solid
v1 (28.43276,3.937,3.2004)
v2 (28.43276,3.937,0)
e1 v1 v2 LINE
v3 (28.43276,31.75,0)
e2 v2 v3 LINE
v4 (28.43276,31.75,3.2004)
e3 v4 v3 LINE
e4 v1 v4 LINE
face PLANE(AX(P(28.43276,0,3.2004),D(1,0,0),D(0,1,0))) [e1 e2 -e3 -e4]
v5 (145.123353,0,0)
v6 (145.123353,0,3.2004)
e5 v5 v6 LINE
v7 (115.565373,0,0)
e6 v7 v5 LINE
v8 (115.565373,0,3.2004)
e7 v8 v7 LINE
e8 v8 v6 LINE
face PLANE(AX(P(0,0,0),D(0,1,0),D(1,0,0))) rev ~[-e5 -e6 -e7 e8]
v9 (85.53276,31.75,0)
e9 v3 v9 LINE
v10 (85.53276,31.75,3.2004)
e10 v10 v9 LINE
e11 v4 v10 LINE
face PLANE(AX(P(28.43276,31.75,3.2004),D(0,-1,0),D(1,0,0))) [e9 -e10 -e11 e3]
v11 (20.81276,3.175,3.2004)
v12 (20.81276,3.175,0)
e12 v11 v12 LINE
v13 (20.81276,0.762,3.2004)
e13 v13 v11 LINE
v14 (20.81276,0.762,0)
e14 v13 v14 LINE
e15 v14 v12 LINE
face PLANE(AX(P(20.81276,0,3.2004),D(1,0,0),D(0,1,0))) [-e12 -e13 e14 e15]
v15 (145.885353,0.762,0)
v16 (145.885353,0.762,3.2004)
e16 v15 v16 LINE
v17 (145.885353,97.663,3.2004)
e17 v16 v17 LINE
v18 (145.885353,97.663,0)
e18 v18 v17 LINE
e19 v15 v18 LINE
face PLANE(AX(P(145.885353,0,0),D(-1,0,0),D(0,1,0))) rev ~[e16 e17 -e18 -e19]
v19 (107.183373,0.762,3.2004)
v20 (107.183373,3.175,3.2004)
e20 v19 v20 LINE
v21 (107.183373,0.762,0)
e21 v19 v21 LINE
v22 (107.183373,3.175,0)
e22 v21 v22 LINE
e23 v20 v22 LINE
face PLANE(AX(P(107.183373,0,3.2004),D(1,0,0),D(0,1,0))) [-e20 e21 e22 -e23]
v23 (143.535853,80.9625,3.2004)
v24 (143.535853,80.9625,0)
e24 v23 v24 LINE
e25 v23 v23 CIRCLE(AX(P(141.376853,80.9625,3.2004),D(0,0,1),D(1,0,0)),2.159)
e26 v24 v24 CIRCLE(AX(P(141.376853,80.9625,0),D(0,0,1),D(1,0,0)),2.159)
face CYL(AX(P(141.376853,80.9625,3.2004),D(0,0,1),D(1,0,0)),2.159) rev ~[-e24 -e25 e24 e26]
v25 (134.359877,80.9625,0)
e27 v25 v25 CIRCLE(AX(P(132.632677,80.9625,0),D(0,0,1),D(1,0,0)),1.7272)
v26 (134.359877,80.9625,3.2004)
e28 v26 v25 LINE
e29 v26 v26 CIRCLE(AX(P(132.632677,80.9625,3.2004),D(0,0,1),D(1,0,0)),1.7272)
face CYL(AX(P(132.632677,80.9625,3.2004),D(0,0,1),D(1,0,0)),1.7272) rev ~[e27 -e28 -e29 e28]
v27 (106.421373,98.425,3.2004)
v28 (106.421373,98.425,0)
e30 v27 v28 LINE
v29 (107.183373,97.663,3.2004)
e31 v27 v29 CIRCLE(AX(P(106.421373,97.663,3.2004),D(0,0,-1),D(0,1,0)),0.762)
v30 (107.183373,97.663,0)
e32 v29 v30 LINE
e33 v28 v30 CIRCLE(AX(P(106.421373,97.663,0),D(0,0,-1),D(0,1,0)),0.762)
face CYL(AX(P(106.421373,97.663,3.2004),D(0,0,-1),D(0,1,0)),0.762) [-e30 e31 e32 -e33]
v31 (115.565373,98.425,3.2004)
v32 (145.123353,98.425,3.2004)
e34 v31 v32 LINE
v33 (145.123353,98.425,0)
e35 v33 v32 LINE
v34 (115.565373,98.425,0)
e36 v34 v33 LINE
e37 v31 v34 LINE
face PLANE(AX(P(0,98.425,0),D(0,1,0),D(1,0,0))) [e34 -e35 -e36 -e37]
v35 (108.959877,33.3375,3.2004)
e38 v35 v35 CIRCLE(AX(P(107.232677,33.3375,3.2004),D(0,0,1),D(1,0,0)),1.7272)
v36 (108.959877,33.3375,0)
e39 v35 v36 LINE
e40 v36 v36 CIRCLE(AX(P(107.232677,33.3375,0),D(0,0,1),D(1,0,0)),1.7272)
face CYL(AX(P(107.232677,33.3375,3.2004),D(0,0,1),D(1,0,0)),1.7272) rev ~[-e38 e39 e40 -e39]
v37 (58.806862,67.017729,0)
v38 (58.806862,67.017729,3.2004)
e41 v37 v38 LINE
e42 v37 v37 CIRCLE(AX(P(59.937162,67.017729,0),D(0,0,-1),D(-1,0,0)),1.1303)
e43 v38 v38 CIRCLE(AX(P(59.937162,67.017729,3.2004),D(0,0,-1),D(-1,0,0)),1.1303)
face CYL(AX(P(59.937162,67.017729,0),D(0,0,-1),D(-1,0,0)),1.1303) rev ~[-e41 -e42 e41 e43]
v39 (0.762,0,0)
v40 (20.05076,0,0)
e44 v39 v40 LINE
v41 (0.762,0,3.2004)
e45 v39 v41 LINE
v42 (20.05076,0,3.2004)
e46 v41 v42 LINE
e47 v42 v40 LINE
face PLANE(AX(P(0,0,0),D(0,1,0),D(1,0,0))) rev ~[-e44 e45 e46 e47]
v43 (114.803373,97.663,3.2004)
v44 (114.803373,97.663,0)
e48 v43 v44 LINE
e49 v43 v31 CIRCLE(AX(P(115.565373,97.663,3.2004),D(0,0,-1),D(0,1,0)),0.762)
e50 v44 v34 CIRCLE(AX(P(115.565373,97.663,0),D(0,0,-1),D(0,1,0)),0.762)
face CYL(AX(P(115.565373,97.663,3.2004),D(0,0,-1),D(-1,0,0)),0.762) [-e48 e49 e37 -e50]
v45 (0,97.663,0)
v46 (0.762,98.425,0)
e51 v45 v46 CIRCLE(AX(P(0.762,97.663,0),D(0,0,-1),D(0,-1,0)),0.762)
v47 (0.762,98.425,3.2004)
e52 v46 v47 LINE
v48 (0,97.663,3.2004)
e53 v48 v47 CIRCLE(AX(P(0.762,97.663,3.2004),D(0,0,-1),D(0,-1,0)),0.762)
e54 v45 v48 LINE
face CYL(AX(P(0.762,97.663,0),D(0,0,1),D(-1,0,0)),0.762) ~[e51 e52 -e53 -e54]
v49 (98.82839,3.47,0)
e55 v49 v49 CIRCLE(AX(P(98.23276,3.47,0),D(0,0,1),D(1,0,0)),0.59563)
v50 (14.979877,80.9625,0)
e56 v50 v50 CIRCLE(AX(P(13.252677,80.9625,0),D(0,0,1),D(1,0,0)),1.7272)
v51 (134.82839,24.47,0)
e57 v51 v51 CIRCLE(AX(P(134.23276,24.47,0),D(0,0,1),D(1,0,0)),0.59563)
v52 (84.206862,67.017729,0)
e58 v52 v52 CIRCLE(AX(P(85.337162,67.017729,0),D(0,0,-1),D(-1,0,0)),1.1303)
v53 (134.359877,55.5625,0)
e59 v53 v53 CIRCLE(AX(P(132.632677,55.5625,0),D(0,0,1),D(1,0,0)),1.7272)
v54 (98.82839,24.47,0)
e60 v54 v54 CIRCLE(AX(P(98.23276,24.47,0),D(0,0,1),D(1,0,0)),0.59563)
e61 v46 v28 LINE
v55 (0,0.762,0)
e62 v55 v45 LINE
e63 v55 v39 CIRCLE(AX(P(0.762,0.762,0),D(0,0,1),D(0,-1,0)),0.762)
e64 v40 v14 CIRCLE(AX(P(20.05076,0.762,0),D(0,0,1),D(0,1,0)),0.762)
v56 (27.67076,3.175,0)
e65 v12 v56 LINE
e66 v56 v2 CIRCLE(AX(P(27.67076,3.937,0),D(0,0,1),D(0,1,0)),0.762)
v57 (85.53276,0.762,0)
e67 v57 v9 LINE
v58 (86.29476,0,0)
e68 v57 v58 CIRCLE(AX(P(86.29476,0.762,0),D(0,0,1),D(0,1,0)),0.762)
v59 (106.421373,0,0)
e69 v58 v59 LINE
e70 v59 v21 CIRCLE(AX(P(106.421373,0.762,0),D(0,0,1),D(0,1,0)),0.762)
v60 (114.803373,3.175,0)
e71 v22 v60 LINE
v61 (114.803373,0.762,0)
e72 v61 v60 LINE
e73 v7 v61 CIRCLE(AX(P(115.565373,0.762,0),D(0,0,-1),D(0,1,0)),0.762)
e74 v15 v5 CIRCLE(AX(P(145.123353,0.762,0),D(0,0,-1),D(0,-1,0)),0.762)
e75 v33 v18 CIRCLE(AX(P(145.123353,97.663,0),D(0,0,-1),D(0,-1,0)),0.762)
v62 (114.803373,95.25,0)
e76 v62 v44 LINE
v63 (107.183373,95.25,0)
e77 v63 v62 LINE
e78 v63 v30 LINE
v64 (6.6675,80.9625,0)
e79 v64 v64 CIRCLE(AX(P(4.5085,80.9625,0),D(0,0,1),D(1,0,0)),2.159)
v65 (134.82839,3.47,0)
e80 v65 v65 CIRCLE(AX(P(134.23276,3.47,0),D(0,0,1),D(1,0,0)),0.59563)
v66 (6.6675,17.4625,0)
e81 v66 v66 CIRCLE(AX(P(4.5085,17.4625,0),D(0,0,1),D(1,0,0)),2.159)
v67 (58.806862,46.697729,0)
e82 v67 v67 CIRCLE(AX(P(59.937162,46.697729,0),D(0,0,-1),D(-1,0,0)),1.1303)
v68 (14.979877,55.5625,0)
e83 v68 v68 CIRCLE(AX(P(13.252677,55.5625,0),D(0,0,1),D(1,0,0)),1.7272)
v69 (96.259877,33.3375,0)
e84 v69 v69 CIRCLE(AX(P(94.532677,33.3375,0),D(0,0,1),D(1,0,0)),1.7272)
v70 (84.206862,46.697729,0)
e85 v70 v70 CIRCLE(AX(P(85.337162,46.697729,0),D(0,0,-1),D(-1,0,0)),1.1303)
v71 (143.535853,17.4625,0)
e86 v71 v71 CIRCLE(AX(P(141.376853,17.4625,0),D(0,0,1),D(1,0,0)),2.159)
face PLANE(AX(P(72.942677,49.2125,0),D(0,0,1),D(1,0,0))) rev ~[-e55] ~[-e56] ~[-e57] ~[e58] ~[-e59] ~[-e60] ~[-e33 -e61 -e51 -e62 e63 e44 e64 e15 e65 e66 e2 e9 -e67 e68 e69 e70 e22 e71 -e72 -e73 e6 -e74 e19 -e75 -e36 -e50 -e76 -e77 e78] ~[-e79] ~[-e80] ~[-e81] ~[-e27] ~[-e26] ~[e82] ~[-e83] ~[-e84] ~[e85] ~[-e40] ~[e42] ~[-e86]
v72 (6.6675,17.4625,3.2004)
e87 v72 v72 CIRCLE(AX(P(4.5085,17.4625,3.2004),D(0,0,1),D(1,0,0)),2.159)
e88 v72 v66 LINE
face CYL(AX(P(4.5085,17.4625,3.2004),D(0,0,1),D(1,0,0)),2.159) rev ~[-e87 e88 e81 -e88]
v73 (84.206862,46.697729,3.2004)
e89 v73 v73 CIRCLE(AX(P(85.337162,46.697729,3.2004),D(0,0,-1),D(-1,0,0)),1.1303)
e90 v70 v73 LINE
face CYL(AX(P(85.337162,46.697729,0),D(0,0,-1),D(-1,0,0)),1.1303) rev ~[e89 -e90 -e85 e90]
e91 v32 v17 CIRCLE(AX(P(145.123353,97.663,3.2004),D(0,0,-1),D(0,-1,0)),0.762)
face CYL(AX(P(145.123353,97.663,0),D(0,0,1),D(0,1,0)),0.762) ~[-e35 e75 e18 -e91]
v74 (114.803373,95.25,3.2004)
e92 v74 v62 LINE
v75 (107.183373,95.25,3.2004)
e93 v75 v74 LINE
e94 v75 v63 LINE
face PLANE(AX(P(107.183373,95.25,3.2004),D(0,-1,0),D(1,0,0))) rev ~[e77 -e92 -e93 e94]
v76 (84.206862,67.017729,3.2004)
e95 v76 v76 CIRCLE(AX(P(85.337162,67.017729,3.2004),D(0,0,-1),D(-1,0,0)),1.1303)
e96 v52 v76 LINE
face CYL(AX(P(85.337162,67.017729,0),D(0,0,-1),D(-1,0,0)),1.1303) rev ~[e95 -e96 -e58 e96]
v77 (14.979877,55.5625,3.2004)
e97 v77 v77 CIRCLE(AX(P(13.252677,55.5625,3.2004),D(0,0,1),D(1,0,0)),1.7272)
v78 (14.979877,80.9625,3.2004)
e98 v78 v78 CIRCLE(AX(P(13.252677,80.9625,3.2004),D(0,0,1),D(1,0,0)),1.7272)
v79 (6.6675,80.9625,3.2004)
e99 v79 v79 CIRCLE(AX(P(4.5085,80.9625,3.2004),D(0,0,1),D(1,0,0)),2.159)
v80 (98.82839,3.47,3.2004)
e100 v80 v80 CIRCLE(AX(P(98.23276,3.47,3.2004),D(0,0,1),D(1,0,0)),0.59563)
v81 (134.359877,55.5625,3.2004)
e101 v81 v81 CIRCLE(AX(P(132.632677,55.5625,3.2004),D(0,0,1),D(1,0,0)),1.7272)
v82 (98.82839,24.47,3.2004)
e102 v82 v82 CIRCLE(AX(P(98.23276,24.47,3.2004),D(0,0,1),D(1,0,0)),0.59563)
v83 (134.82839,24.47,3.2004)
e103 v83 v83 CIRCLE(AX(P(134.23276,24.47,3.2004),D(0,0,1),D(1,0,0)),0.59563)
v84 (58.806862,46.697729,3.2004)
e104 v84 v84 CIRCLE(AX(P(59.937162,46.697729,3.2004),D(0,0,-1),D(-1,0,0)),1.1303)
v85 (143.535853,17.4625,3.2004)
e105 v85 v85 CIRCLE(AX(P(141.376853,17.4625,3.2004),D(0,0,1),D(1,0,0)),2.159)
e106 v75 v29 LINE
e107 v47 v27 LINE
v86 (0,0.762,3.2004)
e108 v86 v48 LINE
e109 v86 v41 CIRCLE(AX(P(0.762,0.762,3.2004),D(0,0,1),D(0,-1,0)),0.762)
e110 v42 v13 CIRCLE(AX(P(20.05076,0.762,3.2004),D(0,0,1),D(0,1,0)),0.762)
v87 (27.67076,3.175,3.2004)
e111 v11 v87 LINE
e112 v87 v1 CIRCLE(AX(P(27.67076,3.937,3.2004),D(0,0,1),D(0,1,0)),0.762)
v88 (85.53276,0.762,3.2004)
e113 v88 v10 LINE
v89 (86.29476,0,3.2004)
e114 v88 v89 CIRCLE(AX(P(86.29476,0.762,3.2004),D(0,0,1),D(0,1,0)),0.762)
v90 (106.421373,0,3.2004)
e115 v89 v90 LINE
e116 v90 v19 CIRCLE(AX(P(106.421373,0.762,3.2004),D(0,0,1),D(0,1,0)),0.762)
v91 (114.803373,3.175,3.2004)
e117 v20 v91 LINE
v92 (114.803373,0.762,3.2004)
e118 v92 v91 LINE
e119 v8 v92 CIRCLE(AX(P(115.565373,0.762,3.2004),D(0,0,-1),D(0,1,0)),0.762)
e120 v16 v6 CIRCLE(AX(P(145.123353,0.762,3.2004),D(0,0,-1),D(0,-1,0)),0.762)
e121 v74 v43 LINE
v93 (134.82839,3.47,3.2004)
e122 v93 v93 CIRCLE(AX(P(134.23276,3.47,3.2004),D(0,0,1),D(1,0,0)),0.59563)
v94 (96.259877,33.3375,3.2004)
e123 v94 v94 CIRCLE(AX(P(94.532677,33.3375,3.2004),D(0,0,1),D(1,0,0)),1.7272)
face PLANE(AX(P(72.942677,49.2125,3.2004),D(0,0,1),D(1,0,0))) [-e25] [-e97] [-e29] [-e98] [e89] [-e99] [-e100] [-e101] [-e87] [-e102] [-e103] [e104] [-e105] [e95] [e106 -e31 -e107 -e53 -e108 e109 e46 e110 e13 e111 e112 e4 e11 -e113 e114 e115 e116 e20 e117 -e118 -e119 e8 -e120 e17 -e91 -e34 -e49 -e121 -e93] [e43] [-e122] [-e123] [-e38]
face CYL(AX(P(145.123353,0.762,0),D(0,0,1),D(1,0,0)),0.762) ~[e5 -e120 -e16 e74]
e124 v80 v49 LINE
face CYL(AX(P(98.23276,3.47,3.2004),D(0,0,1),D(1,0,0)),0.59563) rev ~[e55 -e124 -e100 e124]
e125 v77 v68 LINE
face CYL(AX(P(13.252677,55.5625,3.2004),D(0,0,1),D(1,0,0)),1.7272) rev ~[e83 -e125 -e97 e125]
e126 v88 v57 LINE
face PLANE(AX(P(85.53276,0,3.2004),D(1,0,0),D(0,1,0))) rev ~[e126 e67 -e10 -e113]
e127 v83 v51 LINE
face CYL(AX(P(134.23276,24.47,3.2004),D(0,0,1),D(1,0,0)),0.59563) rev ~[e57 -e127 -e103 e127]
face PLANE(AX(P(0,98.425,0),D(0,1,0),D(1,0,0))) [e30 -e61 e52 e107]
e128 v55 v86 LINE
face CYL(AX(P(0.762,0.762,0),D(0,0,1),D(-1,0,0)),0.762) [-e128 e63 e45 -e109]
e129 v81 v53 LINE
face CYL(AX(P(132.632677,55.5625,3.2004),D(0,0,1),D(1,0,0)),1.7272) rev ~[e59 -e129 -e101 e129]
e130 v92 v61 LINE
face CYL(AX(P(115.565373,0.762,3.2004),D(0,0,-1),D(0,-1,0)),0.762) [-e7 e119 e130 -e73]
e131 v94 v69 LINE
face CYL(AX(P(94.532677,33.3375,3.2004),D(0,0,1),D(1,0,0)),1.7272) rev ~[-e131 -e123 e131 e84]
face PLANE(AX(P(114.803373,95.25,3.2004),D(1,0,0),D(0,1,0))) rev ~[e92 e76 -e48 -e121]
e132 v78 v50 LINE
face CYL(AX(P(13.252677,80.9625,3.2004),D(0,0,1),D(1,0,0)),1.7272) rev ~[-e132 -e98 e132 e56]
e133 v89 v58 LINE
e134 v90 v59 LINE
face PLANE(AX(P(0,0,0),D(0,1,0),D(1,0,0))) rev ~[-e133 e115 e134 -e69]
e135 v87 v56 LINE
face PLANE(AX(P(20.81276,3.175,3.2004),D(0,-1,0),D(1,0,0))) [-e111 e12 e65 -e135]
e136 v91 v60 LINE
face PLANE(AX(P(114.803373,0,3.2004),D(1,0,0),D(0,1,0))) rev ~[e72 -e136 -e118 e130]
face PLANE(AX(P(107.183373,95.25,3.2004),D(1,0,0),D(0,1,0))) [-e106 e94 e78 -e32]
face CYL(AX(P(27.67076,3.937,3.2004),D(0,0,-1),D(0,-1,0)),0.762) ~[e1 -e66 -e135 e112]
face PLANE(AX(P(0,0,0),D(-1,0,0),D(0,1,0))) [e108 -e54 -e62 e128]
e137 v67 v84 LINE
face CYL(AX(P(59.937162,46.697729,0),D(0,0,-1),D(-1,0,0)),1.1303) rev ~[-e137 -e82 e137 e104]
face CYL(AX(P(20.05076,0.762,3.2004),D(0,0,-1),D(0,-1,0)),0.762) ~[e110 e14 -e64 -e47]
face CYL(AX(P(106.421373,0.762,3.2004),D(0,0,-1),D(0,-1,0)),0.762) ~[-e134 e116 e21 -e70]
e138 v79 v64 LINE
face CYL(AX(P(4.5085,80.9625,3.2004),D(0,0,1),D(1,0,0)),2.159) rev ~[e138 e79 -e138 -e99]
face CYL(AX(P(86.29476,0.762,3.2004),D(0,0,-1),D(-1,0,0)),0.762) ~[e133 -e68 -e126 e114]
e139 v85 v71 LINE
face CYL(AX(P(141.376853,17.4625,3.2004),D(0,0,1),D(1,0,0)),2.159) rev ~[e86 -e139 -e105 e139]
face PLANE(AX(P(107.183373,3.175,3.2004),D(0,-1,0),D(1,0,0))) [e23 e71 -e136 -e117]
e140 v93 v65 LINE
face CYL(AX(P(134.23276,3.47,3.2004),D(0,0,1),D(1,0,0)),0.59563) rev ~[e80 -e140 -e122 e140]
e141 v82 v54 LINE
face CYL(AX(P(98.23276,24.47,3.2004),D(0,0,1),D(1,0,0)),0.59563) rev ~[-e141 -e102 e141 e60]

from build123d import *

# Parameters (mm, degrees)
SKETCH1_W           = 145.885353282
SKETCH1_H           = 98.425
BOSS_EXTRUDE1_DEPTH = 3.2004
SKETCH4_W           = 57.100000132
SKETCH4_H           = 31.75
CUT_EXTRUDE1_DEPTH  = 3.2004
SKETCH5_R           = 2.159
CUT_EXTRUDE2_DEPTH  = 3.2004
SKETCH7_R           = 1.1303
CUT_EXTRUDE3_DEPTH  = 3.2004
SKETCH9_W           = 7.62
SKETCH9_H           = 3.175
CUT_EXTRUDE5_DEPTH  = 3.2004
SKETCH10_R          = 0.59563
CUT_EXTRUDE6_DEPTH  = 3.2004
FILLET1_R           = 0.762
SKETCH11_R          = 1.7272
CUT_EXTRUDE7_DEPTH  = 3.2004


with BuildPart() as part:
    # Sketch1 → Boss-Extrude1 (new body)
    with BuildSketch(Plane.XY):
        with Locations((72.942676641, 49.2125)):
            Rectangle(SKETCH1_W, SKETCH1_H)
    extrude(amount=BOSS_EXTRUDE1_DEPTH)

    # Sketch4 → Cut-Extrude1 (cut)
    with BuildSketch(Plane.XY.offset(3.2004)):
        with Locations((56.982760066, 15.875)):
            Rectangle(SKETCH4_W, SKETCH4_H)
    extrude(amount=-CUT_EXTRUDE1_DEPTH, mode=Mode.SUBTRACT)

    # Sketch5 → Cut-Extrude2 (cut)
    with BuildSketch(Plane.XY.offset(3.2004)):
        with Locations((141.376853282, 80.9625)):
            Circle(SKETCH5_R)
        with Locations((141.376853282, 17.4625)):
            Circle(SKETCH5_R)
        with Locations((4.5085, 17.4625)):
            Circle(SKETCH5_R)
        with Locations((4.5085, 80.9625)):
            Circle(SKETCH5_R)
    extrude(amount=-CUT_EXTRUDE2_DEPTH, mode=Mode.SUBTRACT)

    # Sketch7 → Cut-Extrude3 (cut)
    with BuildSketch(Plane(origin=(0, 0, 0), x_dir=(-1, 0, 0), z_dir=(0, 0, -1))):
        with Locations((-59.937161658, 67.017728802)):
            Circle(SKETCH7_R)
        with Locations((-59.937161658, 46.697728802)):
            Circle(SKETCH7_R)
        with Locations((-85.337161658, 46.697728802)):
            Circle(SKETCH7_R)
        with Locations((-85.337161658, 67.017728802)):
            Circle(SKETCH7_R)
    extrude(amount=-CUT_EXTRUDE3_DEPTH, mode=Mode.SUBTRACT)

    # Sketch9 → Cut-Extrude5 (cut)
    with BuildSketch(Plane.XY.offset(3.2004)):
        with Locations((110.993373282, 96.8375)):
            Rectangle(SKETCH9_W, SKETCH9_H)
        with Locations((110.993373282, 1.5875)):
            Rectangle(SKETCH9_W, SKETCH9_H)
        with Locations((24.62276, 1.5875)):
            Rectangle(SKETCH9_W, SKETCH9_H)
    extrude(amount=-CUT_EXTRUDE5_DEPTH, mode=Mode.SUBTRACT)

    # Sketch10 → Cut-Extrude6 (cut)
    with BuildSketch(Plane.XY.offset(3.2004)):
        with Locations((98.232760132, 24.47)):
            Circle(SKETCH10_R)
        with Locations((134.232760132, 24.47)):
            Circle(SKETCH10_R)
        with Locations((98.232760132, 3.47)):
            Circle(SKETCH10_R)
        with Locations((134.232760132, 3.47)):
            Circle(SKETCH10_R)
    extrude(amount=-CUT_EXTRUDE6_DEPTH, mode=Mode.SUBTRACT)

    # Fillet1
    fillet1_edges = [part.edges().sort_by_distance(p)[0] for p in [
        (85.532760132, 0, 1.6002),
        (0, 98.425, 1.6002),
        (145.885353282, 98.425, 1.6002),
        (145.885353282, 0, 1.6002),
        (0, 0, 1.6002),
        (114.803373282, 98.425, 1.6002),
        (107.183373282, 98.425, 1.6002),
        (114.803373282, 0, 1.6002),
        (107.183373282, 0, 1.6002),
        (28.43276, 3.175, 1.6002),
        (20.81276, 0, 1.6002),
    ]]
    fillet(fillet1_edges, radius=FILLET1_R)

    # Sketch11 → Cut-Extrude7 (cut)
    with BuildSketch(Plane.XY.offset(3.2004)):
        with Locations((13.252676641, 55.5625)):
            Circle(SKETCH11_R)
        with Locations((13.252676641, 80.9625)):
            Circle(SKETCH11_R)
        with Locations((132.632676641, 55.5625)):
            Circle(SKETCH11_R)
        with Locations((132.632676641, 80.9625)):
            Circle(SKETCH11_R)
        with Locations((107.232676641, 33.3375)):
            Circle(SKETCH11_R)
        with Locations((94.532676641, 33.3375)):
            Circle(SKETCH11_R)
    extrude(amount=-CUT_EXTRUDE7_DEPTH, mode=Mode.SUBTRACT)


solid = part.part
